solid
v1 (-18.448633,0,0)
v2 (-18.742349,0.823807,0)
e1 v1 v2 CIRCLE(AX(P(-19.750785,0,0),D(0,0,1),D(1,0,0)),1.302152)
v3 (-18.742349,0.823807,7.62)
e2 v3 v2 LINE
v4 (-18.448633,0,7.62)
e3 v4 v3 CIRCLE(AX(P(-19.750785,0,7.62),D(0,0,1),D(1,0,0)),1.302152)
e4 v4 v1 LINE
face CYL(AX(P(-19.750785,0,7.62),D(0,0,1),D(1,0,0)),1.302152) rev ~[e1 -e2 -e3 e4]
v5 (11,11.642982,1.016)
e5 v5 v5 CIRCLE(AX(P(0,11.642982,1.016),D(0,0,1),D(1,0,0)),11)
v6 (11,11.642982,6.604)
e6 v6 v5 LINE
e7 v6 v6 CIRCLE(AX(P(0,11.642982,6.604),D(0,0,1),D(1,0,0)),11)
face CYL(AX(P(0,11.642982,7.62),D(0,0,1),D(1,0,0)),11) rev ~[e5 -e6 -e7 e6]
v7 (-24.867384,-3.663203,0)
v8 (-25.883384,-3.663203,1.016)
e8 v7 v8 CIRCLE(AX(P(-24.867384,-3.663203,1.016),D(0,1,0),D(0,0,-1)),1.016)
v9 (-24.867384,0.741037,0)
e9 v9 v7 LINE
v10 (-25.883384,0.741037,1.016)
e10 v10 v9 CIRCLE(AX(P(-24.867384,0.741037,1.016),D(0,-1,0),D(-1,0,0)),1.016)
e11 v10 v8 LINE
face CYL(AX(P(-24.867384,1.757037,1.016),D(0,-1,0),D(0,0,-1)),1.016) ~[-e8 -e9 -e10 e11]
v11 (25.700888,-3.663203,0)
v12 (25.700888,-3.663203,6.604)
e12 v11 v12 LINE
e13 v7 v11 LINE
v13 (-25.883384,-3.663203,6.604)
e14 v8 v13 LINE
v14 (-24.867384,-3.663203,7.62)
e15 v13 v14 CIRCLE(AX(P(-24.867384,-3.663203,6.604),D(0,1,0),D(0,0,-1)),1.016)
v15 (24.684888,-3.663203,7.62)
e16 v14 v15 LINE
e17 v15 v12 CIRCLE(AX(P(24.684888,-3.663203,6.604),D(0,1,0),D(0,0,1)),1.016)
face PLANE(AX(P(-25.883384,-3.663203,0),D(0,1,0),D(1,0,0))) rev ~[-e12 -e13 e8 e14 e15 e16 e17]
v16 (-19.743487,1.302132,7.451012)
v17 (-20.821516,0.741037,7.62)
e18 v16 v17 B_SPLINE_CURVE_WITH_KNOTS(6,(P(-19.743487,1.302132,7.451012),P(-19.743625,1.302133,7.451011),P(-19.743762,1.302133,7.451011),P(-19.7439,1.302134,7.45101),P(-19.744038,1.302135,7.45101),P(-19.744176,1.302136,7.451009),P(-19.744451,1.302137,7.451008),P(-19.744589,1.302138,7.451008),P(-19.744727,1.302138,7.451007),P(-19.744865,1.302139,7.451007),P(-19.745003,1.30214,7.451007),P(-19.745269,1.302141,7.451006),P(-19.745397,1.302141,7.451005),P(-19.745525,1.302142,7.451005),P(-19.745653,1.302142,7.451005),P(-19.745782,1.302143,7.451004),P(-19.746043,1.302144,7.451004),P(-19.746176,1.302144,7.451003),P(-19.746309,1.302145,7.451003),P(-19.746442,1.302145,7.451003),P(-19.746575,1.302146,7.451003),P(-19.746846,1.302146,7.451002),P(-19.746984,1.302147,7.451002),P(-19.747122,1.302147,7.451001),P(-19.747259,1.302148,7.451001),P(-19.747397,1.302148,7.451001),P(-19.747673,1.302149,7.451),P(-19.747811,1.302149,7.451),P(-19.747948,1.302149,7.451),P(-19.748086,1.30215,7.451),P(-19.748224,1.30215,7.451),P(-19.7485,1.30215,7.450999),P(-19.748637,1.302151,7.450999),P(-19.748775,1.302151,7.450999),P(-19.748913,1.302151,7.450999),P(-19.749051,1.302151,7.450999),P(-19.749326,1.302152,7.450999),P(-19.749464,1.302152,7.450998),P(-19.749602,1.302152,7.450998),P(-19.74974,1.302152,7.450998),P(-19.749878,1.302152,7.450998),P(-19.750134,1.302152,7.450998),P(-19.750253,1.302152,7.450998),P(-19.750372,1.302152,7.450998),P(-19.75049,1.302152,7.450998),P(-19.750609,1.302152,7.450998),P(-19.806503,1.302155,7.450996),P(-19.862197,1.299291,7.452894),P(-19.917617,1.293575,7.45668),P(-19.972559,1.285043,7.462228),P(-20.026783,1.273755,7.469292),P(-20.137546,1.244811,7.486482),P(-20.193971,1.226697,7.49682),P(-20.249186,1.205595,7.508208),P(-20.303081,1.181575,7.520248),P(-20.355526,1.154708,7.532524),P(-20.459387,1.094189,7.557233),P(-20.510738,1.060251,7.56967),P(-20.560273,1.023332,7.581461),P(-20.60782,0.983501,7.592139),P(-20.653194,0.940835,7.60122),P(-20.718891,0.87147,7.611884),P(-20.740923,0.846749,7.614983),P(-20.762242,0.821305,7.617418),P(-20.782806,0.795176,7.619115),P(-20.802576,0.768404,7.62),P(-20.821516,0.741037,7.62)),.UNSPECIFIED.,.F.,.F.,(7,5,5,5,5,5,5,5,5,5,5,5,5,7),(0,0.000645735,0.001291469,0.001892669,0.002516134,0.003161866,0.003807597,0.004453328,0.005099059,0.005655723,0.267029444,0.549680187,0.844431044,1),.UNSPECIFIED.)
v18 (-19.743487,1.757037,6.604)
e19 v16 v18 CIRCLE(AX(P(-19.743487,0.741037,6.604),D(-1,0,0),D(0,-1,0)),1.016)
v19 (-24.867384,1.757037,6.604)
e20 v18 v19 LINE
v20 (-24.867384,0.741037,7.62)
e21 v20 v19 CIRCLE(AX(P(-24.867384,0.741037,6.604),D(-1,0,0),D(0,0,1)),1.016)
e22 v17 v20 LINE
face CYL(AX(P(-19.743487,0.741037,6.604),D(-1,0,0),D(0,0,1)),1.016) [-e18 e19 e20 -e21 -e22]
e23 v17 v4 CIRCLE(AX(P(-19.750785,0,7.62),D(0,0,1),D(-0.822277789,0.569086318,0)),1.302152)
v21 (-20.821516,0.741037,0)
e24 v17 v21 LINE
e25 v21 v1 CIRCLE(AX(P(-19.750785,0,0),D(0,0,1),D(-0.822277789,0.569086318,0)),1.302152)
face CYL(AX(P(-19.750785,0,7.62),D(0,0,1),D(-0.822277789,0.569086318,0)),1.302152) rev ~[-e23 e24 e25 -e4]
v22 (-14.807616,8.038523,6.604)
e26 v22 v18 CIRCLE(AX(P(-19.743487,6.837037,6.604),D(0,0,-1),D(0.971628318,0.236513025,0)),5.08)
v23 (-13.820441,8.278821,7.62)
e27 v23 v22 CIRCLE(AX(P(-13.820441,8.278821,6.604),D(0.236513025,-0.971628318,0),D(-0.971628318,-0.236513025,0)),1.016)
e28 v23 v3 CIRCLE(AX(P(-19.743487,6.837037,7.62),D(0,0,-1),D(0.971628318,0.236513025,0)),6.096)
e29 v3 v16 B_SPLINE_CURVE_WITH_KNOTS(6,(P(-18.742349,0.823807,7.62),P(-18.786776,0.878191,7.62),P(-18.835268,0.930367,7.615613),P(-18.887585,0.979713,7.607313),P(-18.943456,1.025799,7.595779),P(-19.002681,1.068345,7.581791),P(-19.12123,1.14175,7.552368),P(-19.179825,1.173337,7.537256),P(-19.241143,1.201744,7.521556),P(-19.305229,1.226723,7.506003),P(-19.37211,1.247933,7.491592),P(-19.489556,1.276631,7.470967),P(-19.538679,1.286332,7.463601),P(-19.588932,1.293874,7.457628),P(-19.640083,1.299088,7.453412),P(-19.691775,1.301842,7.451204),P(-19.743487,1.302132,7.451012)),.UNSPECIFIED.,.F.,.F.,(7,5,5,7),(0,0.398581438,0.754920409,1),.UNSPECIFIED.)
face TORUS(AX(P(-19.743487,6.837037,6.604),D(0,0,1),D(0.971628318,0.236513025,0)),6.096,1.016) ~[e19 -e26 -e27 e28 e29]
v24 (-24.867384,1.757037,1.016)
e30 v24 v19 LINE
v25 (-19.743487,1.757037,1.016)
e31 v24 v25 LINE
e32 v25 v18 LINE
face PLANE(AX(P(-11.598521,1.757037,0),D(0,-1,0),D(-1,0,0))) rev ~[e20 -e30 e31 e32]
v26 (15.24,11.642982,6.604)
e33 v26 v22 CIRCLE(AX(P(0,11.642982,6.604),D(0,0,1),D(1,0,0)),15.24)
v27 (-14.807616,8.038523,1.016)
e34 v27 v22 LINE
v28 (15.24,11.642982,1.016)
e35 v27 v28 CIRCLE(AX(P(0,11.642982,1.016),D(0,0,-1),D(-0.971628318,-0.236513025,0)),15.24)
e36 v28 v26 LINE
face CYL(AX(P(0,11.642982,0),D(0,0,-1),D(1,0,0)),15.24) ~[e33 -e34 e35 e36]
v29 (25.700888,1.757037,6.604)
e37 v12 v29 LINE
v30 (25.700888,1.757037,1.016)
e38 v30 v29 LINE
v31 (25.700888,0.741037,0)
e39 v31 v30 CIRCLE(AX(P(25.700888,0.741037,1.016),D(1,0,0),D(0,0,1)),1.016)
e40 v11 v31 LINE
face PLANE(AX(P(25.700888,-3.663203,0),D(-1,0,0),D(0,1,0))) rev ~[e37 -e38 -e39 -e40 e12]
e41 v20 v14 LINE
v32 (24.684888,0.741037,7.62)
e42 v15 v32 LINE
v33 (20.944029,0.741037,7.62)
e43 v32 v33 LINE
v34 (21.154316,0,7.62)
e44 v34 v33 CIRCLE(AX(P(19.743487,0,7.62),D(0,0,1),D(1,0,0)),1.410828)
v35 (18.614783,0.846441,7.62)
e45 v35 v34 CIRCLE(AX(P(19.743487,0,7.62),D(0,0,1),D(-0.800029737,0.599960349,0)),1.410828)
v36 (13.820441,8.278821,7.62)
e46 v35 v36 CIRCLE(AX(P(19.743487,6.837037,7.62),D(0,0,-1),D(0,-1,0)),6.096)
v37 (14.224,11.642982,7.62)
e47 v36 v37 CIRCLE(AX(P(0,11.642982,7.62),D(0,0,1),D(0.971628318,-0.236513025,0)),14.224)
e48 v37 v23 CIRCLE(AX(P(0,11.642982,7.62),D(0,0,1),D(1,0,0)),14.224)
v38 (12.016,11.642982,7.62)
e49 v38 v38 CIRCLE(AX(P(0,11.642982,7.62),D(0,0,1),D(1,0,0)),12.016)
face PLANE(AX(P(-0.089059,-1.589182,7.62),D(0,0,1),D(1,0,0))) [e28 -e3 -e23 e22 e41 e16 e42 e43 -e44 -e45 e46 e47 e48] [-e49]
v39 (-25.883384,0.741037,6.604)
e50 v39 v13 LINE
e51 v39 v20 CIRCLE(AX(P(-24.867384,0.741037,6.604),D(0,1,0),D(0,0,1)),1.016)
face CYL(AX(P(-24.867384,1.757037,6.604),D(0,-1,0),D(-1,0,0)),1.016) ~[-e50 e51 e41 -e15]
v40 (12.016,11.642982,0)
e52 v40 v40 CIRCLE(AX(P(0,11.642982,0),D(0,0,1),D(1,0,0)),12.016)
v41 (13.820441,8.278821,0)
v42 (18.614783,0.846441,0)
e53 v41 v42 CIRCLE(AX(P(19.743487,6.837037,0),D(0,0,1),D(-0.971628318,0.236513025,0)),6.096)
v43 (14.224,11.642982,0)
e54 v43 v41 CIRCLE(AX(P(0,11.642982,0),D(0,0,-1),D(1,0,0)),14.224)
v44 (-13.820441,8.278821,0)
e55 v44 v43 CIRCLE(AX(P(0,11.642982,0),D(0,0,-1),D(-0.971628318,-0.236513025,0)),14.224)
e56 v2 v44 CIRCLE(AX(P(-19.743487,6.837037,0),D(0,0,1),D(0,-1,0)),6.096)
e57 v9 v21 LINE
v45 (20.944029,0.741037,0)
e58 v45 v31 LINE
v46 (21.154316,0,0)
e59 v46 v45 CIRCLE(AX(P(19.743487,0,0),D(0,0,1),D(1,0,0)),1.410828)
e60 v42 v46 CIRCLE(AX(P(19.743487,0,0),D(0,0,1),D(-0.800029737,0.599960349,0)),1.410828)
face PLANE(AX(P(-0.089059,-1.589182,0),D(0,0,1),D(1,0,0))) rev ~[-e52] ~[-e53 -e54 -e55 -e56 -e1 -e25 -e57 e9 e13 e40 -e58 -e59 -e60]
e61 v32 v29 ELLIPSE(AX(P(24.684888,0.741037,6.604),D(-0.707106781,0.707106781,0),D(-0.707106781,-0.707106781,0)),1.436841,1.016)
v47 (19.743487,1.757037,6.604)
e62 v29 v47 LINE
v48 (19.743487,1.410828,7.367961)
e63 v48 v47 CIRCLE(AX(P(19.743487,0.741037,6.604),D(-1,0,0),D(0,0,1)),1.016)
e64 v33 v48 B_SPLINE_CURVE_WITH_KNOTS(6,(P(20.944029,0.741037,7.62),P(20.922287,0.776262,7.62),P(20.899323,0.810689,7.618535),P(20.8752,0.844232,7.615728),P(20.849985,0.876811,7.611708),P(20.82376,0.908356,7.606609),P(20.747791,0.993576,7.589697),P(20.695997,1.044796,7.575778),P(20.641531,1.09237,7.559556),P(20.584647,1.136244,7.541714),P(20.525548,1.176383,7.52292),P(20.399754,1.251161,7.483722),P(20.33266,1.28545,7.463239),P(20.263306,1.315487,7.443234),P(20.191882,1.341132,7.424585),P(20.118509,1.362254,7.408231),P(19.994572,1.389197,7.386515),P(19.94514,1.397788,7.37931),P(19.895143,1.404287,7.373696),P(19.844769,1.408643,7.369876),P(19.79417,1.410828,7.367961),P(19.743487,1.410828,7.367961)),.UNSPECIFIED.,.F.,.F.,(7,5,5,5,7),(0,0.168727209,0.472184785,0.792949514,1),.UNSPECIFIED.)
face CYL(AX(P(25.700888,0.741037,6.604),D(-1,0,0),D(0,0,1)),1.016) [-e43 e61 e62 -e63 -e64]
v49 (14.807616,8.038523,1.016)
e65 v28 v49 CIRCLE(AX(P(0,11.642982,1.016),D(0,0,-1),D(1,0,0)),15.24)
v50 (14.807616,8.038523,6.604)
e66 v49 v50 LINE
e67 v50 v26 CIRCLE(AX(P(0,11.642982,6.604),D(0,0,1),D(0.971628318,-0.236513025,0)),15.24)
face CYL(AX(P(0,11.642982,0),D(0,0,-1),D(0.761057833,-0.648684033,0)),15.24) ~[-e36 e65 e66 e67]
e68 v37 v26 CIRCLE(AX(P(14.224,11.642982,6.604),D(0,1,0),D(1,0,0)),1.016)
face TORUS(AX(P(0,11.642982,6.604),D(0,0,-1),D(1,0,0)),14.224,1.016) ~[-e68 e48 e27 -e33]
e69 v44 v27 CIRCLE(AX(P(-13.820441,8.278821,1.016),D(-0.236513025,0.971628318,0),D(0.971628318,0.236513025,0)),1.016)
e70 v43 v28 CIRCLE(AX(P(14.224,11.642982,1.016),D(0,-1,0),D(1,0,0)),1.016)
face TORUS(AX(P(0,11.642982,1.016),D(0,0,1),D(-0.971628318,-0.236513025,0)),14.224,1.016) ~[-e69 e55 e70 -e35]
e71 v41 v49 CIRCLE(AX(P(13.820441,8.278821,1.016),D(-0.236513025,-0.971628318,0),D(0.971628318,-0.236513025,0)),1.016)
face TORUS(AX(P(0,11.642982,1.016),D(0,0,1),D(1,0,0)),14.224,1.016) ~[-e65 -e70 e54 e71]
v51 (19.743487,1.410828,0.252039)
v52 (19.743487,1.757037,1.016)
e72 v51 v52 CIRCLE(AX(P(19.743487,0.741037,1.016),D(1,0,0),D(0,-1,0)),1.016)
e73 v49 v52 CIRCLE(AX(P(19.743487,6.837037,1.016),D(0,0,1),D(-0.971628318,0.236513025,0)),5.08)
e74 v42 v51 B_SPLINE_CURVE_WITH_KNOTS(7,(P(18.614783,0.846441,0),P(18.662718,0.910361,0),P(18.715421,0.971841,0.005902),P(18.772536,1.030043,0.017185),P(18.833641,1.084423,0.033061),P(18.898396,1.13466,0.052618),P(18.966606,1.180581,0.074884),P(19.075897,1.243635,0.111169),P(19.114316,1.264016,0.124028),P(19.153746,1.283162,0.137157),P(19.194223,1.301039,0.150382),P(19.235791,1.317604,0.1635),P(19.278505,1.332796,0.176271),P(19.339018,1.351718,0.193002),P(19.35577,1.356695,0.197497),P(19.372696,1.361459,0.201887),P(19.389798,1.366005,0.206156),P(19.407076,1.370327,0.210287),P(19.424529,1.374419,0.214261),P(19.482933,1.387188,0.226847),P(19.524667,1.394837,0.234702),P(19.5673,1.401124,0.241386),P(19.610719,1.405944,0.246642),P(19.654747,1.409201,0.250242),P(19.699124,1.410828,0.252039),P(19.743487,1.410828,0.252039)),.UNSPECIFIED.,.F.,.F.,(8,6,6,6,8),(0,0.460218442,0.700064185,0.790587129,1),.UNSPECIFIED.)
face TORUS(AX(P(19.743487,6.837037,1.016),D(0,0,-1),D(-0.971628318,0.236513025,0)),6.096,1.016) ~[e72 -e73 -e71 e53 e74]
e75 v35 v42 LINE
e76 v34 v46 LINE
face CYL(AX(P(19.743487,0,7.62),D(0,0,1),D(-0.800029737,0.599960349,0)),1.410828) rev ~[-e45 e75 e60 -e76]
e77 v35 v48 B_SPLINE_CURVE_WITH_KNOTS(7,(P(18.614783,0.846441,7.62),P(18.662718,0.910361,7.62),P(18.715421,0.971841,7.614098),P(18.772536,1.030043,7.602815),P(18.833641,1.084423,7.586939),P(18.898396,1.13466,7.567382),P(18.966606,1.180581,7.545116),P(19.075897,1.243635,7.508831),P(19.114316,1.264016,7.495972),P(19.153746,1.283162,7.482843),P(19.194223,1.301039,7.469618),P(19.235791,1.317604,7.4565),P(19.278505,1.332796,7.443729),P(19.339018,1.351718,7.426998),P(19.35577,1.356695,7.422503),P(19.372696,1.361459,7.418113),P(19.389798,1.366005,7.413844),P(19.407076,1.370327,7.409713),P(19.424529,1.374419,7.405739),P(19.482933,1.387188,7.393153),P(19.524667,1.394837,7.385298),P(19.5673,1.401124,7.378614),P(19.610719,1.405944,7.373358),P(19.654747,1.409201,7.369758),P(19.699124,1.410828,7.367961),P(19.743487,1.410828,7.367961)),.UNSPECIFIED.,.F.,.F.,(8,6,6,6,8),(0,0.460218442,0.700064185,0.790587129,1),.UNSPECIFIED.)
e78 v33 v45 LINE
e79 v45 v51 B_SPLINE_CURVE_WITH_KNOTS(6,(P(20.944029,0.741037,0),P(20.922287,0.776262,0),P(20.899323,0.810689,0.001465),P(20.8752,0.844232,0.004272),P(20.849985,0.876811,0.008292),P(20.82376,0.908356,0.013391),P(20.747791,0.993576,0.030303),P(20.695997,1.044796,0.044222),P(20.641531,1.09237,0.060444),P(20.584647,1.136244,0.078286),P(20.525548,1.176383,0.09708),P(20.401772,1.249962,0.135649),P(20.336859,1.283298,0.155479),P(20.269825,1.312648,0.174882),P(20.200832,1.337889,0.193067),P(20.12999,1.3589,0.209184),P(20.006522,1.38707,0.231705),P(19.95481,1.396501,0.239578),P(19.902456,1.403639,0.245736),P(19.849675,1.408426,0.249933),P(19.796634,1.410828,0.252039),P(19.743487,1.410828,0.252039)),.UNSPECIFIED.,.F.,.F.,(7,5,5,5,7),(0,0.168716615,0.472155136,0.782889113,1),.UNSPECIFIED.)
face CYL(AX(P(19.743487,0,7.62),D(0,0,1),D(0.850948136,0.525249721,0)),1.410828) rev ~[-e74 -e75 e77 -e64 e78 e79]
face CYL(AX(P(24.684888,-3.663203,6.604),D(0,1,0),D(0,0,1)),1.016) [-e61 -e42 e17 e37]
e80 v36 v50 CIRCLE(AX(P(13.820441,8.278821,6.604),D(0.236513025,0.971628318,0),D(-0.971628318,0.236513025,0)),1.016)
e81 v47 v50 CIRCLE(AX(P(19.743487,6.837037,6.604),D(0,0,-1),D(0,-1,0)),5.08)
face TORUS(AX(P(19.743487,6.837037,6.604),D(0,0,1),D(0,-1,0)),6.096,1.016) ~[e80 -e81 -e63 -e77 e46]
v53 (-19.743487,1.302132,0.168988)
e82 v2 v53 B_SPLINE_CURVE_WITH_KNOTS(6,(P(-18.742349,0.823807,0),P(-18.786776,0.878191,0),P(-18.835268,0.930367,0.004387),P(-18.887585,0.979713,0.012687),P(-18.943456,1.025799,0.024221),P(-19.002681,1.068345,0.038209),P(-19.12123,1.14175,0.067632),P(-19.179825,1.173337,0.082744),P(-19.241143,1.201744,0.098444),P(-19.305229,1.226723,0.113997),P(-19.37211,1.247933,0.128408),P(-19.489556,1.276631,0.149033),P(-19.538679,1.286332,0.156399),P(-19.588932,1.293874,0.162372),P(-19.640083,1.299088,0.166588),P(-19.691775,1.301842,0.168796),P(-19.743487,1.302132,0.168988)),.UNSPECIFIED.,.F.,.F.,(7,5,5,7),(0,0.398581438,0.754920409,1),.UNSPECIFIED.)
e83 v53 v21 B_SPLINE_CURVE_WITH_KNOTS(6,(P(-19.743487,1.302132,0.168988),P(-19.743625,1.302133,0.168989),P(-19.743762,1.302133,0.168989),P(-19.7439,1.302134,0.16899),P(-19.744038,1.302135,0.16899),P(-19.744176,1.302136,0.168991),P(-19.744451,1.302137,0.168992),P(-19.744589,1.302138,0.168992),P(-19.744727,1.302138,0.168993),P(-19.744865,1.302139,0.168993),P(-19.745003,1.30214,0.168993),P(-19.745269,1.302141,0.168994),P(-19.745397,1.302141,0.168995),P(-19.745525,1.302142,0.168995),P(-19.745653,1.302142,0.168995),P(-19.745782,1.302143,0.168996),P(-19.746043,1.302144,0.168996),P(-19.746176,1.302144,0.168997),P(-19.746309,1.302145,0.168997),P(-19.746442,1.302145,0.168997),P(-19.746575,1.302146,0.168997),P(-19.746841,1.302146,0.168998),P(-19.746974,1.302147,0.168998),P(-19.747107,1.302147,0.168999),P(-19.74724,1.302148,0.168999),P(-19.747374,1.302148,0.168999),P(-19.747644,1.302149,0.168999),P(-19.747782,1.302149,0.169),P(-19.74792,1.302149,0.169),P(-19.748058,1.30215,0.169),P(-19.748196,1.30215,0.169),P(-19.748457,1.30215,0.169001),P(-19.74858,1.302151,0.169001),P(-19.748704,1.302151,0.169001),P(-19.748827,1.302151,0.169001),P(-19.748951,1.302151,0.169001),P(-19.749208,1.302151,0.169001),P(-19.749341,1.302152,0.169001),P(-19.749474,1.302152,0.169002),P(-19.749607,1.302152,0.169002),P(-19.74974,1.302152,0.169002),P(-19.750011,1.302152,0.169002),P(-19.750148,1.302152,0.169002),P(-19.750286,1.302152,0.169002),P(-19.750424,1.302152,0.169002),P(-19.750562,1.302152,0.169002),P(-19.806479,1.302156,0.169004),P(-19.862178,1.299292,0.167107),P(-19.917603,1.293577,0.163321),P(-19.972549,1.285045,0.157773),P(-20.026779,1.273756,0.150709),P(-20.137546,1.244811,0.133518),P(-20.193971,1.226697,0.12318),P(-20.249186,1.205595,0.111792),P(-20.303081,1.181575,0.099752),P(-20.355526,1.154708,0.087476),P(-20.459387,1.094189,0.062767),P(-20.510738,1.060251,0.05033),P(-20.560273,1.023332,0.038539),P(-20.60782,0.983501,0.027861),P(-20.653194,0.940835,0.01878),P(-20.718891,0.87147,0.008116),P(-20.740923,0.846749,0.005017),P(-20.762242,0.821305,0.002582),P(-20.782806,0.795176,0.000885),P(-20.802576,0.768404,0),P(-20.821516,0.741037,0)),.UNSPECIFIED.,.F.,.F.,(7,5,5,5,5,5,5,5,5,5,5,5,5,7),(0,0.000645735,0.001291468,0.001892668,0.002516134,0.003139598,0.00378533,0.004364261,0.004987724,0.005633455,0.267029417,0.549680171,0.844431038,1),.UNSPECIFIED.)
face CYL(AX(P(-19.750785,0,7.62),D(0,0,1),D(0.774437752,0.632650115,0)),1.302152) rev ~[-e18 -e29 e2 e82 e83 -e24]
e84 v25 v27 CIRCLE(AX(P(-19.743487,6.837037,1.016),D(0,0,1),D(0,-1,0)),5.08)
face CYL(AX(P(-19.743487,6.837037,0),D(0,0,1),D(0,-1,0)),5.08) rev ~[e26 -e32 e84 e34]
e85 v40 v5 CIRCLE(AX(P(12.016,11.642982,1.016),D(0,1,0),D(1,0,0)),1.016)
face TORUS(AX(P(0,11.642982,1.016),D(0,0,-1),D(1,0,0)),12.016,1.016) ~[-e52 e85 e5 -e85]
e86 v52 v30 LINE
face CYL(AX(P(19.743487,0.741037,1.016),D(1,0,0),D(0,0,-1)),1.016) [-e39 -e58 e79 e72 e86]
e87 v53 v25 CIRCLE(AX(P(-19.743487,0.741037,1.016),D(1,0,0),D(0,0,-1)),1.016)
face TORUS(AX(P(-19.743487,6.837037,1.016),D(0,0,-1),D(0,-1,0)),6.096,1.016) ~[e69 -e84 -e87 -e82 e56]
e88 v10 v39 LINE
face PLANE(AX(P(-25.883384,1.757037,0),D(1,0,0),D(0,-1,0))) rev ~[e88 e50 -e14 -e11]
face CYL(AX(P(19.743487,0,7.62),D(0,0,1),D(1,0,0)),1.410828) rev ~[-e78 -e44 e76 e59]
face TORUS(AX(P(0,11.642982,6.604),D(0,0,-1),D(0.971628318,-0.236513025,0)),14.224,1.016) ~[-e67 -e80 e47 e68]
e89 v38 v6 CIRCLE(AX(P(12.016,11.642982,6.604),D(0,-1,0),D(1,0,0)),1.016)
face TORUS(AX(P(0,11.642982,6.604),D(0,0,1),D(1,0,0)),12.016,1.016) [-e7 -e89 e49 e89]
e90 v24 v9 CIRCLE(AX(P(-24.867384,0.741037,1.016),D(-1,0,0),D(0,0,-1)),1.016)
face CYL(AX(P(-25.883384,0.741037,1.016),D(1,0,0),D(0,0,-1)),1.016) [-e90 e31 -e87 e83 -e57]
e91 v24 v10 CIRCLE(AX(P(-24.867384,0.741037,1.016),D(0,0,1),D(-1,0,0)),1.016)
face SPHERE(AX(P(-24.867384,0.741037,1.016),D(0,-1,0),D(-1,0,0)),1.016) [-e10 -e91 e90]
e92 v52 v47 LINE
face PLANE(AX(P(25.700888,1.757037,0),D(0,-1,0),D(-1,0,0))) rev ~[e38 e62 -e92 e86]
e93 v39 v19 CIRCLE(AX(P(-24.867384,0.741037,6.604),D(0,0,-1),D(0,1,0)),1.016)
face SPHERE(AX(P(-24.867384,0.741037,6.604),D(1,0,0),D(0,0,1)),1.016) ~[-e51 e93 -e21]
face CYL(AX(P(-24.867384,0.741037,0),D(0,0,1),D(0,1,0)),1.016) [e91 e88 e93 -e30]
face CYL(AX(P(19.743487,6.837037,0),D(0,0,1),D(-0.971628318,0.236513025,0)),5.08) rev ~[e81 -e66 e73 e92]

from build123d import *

# Parameters (mm, degrees)
F1_DEPTH = 7.62
F2_R     = 10.9999999964
F3_DEPTH = 25.4
F4_R     = 5.08
F5_R     = 1.016
F7_DEPTH = 25.4


with BuildPart() as f1:
    # F0 (on Top) → F1 (new body)
    with BuildSketch(Plane.XY):
        with BuildLine():
            ThreePointArc((11.5985213726, 1.7570371274), (0, -3.5970182051), (-11.5985213726, 1.7570371274))
            Line((-11.5985213726, 1.7570371274), (-25.8833840489, 1.7570371274))
            Line((-25.8833840489, 1.7570371274), (-25.8833840489, -3.6632029805))
            Line((-25.8833840489, -3.6632029805), (25.7008876652, -3.6632029805))
            Line((25.7008876652, -3.6632029805), (25.7008876652, 1.7570371274))
            Line((25.7008876652, 1.7570371274), (11.5985213726, 1.7570371274))
        make_face()
        with BuildLine():
            Line((11.5985213726, 1.7570371274), (-11.5985213726, 1.7570371274))
            ThreePointArc((-11.5985213726, 1.7570371274), (0, -3.5970182051), (11.5985213726, 1.7570371274))
        make_face()
        with BuildLine():
            ThreePointArc((11.5985213726, 1.7570371274), (14.3006829508, 6.3753383806), (15.24, 11.6429817949))
            ThreePointArc((15.24, 11.6429817949), (-5.2676434144, 25.9436647457), (-11.5985213726, 1.7570371274))
            Line((-11.5985213726, 1.7570371274), (11.5985213726, 1.7570371274))
        make_face()
    extrude(amount=F1_DEPTH)

    # F2 (on face) → F3 (cut)
    with BuildSketch(Plane.XY.offset(7.62)):
        with Locations((0, 11.6429817949)):
            Circle(F2_R)
    extrude(amount=-F3_DEPTH, mode=Mode.SUBTRACT)

    # F4
    f4_edges = [f1.edges().sort_by_distance(p)[0] for p in [
        (11.598521, 1.757037, 3.81),
        (-11.598521, 1.757037, 3.81),
    ]]
    fillet(f4_edges, radius=F4_R)

    # F5
    f5_edges = [f1.edges().sort_by_distance(p)[0] for p in [
        (22.722188, 1.757037, 7.62),
        (25.700888, -0.953083, 7.62),
        (-25.883384, -0.953083, 7.62),
        (-25.883384, -0.953083, 0),
        (-25.883384, 1.757037, 3.81),
        (-15.74912, 3.698339, 0),
        (-11, 11.642982, 0),
        (-11, 11.642982, 7.62),
    ]]
    fillet(f5_edges, radius=F5_R)

    # F6 (on face) → F7 (cut)
    with BuildSketch(Plane.XY.offset(7.62)):
        with BuildLine():
            ThreePointArc((-20.8215160971, 0.7410371274), (-20.1389512493, -1.242951309), (-18.4486326608, 0))
            ThreePointArc((-18.4486326608, 0), (-18.5242578096, 0.4373005583), (-18.7423490876, 0.8238068789))
            ThreePointArc((-18.7423490876, 0.8238068789), (-19.2412104111, 0.7617648045), (-19.7434874288, 0.7410371274))
            Line((-19.7434874288, 0.7410371274), (-20.8215160971, 0.7410371274))
        make_face()
        with BuildLine():
            ThreePointArc((-19.7434874288, 0.7410371274), (-19.2412104111, 0.7617648045), (-18.7423490876, 0.8238068789))
            ThreePointArc((-18.7423490876, 0.8238068789), (-19.8025815622, 1.3011218445), (-20.8215160971, 0.7410371274))
            Line((-20.8215160971, 0.7410371274), (-19.7434874288, 0.7410371274))
        make_face()
        with BuildLine():
            ThreePointArc((19.7434874288, 0.7410371274), (19.1766797265, 0.7674452936), (18.6147829008, 0.8464409894))
            ThreePointArc((18.6147829008, 0.8464409894), (19.2973775419, -1.3384402224), (21.1543156467, 0))
            ThreePointArc((21.1543156467, 0), (21.1007262226, 0.3851481753), (20.9440290716, 0.7410371274))
            Line((20.9440290716, 0.7410371274), (19.7434874288, 0.7410371274))
        make_face()
        with BuildLine():
            ThreePointArc((20.9440290716, 0.7410371274), (19.8072654524, 1.4093859031), (18.6147829008, 0.8464409894))
            ThreePointArc((18.6147829008, 0.8464409894), (19.1766797265, 0.7674452936), (19.7434874288, 0.7410371274))
            Line((19.7434874288, 0.7410371274), (20.9440290716, 0.7410371274))
        make_face()
    extrude(amount=-F7_DEPTH, mode=Mode.SUBTRACT)


solid = f1.part
